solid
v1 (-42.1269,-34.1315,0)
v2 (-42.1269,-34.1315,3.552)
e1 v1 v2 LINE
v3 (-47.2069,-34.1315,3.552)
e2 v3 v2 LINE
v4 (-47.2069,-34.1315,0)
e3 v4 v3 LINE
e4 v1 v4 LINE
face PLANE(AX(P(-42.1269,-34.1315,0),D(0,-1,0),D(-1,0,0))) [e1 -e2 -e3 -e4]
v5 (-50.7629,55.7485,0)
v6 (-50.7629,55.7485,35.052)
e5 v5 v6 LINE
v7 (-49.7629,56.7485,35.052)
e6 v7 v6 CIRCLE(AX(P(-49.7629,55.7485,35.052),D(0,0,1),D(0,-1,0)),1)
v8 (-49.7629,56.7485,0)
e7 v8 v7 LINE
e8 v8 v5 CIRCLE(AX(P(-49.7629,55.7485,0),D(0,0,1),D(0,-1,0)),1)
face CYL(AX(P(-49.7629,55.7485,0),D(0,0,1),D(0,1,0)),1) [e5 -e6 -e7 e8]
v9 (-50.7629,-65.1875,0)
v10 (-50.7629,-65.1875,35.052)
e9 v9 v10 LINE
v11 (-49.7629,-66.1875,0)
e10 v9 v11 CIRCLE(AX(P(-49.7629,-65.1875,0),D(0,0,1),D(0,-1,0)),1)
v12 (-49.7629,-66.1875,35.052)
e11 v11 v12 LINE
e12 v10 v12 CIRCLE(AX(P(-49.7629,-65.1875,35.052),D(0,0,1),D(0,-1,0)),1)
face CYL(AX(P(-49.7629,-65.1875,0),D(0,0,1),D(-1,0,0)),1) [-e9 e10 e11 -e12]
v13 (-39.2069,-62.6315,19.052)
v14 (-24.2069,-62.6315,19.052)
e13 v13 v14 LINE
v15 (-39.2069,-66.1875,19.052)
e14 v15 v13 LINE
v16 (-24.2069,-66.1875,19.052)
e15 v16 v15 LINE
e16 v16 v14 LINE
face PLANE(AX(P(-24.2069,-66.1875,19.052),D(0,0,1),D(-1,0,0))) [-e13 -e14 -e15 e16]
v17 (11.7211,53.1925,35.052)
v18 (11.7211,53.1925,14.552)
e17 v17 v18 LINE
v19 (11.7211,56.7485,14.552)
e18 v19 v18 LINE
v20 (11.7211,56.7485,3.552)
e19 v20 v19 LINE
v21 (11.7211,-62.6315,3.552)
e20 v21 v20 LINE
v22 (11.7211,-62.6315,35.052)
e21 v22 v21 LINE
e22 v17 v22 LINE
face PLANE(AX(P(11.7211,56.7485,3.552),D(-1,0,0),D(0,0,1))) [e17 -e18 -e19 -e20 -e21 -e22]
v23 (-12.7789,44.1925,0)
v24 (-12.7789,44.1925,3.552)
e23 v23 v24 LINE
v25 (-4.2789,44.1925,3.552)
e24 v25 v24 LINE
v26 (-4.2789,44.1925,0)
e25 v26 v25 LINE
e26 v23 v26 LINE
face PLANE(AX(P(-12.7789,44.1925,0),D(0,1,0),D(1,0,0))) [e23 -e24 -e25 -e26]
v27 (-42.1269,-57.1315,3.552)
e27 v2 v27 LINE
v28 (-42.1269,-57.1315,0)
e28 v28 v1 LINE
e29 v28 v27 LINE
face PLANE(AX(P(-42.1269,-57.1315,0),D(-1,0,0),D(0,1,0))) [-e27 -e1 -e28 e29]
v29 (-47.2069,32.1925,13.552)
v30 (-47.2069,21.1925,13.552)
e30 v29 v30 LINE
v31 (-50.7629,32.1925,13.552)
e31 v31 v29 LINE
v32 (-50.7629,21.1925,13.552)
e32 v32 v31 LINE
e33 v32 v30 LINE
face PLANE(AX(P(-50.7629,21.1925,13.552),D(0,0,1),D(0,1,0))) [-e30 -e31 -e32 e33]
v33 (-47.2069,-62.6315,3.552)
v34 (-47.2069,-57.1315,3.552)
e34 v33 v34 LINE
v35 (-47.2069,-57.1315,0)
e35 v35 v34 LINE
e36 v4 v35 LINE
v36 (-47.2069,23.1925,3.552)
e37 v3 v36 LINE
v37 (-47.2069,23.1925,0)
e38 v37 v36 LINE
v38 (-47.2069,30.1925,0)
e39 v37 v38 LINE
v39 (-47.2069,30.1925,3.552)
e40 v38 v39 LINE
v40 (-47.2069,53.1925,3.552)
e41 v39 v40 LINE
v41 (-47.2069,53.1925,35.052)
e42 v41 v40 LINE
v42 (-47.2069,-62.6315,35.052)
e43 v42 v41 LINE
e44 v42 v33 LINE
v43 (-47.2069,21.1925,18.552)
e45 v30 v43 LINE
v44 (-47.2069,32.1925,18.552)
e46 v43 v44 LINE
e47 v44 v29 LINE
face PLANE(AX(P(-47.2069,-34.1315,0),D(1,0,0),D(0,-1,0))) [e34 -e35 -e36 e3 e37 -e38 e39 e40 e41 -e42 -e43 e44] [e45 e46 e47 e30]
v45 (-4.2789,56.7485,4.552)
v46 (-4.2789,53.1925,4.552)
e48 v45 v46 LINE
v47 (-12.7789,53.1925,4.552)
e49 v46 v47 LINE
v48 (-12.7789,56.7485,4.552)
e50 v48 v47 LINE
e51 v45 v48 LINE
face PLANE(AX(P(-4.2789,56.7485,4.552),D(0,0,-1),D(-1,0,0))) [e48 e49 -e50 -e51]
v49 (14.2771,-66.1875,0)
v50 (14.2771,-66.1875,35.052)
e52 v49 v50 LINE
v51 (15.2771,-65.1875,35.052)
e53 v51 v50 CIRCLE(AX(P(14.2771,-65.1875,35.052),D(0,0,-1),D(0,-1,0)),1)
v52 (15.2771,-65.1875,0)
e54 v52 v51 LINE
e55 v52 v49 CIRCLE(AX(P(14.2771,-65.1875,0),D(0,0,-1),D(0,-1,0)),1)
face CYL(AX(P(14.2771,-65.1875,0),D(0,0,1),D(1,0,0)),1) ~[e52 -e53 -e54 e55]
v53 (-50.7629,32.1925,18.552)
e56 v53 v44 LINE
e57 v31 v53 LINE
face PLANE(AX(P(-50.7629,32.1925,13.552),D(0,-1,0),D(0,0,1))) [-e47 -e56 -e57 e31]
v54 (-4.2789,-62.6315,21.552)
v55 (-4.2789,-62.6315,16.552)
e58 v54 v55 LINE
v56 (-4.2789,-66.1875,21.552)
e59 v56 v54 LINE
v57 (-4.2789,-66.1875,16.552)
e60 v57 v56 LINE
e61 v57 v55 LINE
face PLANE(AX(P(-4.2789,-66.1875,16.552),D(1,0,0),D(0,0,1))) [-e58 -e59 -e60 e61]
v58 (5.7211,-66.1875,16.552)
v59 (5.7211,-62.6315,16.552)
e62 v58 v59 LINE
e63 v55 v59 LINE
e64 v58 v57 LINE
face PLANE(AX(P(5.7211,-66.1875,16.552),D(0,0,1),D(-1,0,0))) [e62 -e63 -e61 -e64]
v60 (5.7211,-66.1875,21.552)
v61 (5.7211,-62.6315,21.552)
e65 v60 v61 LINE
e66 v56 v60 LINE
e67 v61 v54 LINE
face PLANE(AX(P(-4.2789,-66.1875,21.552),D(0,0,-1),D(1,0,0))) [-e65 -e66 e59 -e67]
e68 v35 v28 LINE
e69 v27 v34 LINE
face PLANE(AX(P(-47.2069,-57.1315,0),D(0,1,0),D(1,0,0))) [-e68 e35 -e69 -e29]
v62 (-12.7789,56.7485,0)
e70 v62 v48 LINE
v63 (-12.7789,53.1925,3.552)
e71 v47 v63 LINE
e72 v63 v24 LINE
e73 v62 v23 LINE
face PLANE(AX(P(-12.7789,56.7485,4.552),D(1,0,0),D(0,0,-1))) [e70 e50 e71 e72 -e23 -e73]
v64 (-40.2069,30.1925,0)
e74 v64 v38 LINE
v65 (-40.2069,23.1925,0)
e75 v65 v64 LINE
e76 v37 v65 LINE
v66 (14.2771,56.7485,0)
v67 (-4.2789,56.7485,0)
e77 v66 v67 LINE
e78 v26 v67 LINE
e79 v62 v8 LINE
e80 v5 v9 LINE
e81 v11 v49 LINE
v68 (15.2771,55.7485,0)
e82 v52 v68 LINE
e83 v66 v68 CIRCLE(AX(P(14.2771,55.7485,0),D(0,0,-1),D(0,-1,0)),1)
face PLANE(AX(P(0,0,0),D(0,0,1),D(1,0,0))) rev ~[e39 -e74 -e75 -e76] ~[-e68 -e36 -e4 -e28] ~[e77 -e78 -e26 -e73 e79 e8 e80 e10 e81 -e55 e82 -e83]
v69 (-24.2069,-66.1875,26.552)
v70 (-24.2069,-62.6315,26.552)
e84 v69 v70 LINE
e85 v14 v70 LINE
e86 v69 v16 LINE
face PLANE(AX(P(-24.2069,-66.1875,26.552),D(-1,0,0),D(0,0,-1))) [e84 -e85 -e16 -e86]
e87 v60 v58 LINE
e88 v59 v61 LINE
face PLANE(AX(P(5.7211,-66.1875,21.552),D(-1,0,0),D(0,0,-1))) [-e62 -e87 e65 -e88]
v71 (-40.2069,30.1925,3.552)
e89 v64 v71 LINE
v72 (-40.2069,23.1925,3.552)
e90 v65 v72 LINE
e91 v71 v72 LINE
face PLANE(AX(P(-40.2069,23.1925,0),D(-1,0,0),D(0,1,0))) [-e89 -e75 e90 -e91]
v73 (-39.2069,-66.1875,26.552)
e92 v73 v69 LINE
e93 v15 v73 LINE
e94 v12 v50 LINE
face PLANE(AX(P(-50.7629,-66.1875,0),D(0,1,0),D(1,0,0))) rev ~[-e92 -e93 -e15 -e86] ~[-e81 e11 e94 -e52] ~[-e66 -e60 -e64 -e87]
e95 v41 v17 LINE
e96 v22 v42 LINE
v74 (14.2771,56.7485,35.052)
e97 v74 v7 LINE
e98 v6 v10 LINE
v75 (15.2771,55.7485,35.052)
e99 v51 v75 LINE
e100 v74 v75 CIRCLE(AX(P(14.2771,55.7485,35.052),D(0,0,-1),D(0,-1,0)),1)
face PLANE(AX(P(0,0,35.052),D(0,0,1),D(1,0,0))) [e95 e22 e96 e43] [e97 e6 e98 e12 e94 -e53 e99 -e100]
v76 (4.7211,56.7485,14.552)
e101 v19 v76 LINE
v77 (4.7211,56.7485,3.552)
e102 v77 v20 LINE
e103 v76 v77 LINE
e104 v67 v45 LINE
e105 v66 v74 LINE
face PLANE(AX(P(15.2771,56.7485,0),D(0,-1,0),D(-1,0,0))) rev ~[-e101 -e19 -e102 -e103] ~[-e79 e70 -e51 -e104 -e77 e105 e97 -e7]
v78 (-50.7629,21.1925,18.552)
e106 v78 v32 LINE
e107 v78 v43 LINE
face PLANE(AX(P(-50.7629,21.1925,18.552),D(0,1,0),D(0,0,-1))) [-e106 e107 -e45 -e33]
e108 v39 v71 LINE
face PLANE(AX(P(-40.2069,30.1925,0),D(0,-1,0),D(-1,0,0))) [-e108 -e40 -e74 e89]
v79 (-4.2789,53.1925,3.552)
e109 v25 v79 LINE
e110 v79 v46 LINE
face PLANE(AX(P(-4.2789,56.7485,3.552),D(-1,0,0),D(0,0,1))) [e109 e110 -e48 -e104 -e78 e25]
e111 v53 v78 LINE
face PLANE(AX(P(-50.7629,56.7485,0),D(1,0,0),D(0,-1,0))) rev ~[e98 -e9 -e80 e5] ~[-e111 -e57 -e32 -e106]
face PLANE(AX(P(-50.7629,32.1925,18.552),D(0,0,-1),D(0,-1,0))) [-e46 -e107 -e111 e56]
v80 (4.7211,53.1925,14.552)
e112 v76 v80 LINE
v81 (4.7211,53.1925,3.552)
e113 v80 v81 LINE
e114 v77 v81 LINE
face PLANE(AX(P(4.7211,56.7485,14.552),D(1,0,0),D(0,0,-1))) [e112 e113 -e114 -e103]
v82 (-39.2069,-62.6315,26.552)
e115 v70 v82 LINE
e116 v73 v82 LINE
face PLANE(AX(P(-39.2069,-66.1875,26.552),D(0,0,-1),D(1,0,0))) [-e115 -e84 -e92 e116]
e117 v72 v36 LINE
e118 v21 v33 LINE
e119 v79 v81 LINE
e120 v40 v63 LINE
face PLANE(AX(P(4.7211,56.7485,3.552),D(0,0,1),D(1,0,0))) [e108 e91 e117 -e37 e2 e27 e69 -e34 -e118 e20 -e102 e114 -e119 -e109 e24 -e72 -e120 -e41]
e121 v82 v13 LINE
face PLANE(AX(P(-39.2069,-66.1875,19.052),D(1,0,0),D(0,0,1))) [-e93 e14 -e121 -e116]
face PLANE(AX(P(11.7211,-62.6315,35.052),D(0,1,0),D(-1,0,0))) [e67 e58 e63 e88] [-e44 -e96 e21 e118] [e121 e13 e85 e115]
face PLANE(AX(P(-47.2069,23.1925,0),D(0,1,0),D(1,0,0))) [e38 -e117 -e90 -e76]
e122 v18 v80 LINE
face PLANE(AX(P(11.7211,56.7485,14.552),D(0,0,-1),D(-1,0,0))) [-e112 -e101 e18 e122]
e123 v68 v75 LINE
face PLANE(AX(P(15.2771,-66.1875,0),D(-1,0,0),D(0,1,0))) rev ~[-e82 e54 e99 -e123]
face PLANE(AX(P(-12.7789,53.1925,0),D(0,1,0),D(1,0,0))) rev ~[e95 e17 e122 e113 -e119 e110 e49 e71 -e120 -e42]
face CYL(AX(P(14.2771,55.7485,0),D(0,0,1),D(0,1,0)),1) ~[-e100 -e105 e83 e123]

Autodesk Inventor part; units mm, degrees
ref_plane "YZ Plane" through (0, 0, 0) normal (1, 0, 0) x (0, 1, 0)
ref_plane "XZ Plane" through (0, 0, 0) normal (0, 1, 0) x (-1, 0, 0)
ref_plane "XY Plane" through (0, 0, 0) normal (0, 0, 1) x (1, 0, 0)
sketch "Sketch1" plane through (0, 0, 0) normal (0, 0, 1) x (1, 0, 0)
  line L0 (-50.7629, 56.7485) -> (-50.7629, -66.1875)
  line L1 (-50.7629, -66.1875) -> (15.2771, -66.1875)
  line L2 (15.2771, -66.1875) -> (15.2771, 56.7485)
  line L3 (15.2771, 56.7485) -> (-50.7629, 56.7485)
  point P0 (0, 0)
  dimension "d0" = 122.936
  dimension "d1" = 66.04
extrude "Extrusion1" add sketch "Sketch1" along normal blind 35.052
sketch "Sketch2" plane through (0, 0, 35.052) normal (0, 0, 1) x (1, 0, 0)
  line L0 (-47.2069, 53.1925) -> (11.7211, 53.1925)
  line L1 (11.7211, 53.1925) -> (11.7211, -62.6315)
  line L2 (11.7211, -62.6315) -> (-47.2069, -62.6315)
  line L3 (-47.2069, -62.6315) -> (-47.2069, 53.1925)
  line L4 (15.2771, 56.7485) -> (-50.7629, 56.7485) projected
  line L5 (15.2771, -66.1875) -> (15.2771, 56.7485) projected
  line L6 (-50.7629, -66.1875) -> (15.2771, -66.1875) projected
  line L7 (-50.7629, 56.7485) -> (-50.7629, -66.1875) projected
  point P0 (0, 0)
  dimension "d4" = 3.556
  dimension "d5" = 3.556
  dimension "d6" = 3.556
  dimension "d7" = 3.556
extrude "Extrusion2" cut sketch "Sketch2" against normal blind 31.5 contours L0 L1 L2 L3
sketch "Sketch3" plane through (-50.7629, -66.1875, 0) normal (0, -1, 0) x (1, 0, 0)
  line L0 (11.556, 26.552) -> (26.556, 26.552)
  line L1 (26.556, 26.552) -> (26.556, 19.052)
  line L2 (26.556, 19.052) -> (11.556, 19.052)
  line L3 (11.556, 19.052) -> (11.556, 26.552)
  line L4 (62.484, 3.552) -> (3.556, 3.552) projected
  line L5 (3.556, 35.052) -> (3.556, 3.552) projected
  line L6 (46.484, 21.552) -> (56.484, 21.552)
  line L7 (56.484, 21.552) -> (56.484, 16.552)
  line L8 (56.484, 16.552) -> (46.484, 16.552)
  line L9 (46.484, 16.552) -> (46.484, 21.552)
  line L10 (62.484, 35.052) -> (62.484, 3.552) projected
  point P0 (50.7629, 0)
  dimension "d10" = 23
  dimension "d11" = 8
  dimension "d12" = 7.5
  dimension "d13" = 15
  dimension "d14" = 18
  dimension "d15" = 5
  dimension "d16" = 10
  dimension "d17" = 16
extrude "Extrusion3" cut sketch "Sketch3" against normal blind 3.56
sketch "Sketch4" plane through (0, 0, 0) normal (0, 0, -1) x (-1, 0, 0)
  line L0 (42.1269, -34.1315) -> (47.2069, -34.1315)
  line L1 (47.2069, -34.1315) -> (47.2069, -57.1315)
  line L2 (47.2069, -57.1315) -> (42.1269, -57.1315)
  line L3 (42.1269, -57.1315) -> (42.1269, -34.1315)
  line L4 (47.2069, -62.6315) -> (47.2069, 53.1925) projected
  line L5 (-11.7211, -62.6315) -> (47.2069, -62.6315) projected
  line L6 (40.2069, 30.1925) -> (47.2069, 30.1925)
  line L7 (47.2069, 30.1925) -> (47.2069, 23.1925)
  line L8 (47.2069, 23.1925) -> (40.2069, 23.1925)
  line L9 (40.2069, 23.1925) -> (40.2069, 30.1925)
  line L10 (47.2069, 53.1925) -> (-11.7211, 53.1925) projected
  line L11 (4.2789, 53.1925) -> (12.7789, 53.1925)
  line L12 (12.7789, 53.1925) -> (12.7789, 44.1925)
  line L13 (12.7789, 44.1925) -> (4.2789, 44.1925)
  line L14 (4.2789, 44.1925) -> (4.2789, 53.1925)
  line L15 (-11.7211, 53.1925) -> (-11.7211, -62.6315) projected
  point P0 (0, 0)
  dimension "d20" = 0
  dimension "d21" = 5.5
  dimension "d22" = 23
  dimension "d23" = 5.08
  dimension "d24" = 30
  dimension "d25" = 7
  dimension "d26" = 7
  dimension "d27" = 0
  dimension "d28" = 9
  dimension "d29" = 8.5
  dimension "d30" = 0
  dimension "d31" = 16
extrude "Extrusion4" cut sketch "Sketch4" against normal blind 3.56 contours L0 L1 L2 L3 | L8 L9 L6 L4 | L12 L13 L14 L10
sketch "Sketch5" plane through (-50.7629, 56.7485, 0) normal (0, 1, 0) x (1, 0, 0)
  line L0 (62.484, -14.552) -> (55.484, -14.552)
  line L1 (55.484, -14.552) -> (55.484, -3.552)
  line L2 (55.484, -3.552) -> (62.484, -3.552)
  line L3 (62.484, -3.552) -> (62.484, -14.552)
  line L4 (62.484, -35.052) -> (62.484, -3.552) projected
  line L5 (46.484, -3.552) -> (62.484, -3.552) projected
  line L6 (46.484, -4.552) -> (37.984, -4.552)
  line L7 (37.984, -4.552) -> (37.984, 2.448)
  line L8 (37.984, 2.448) -> (46.484, 2.448)
  line L9 (46.484, 2.448) -> (46.484, -4.552)
  line L10 (46.484, -3.552) -> (37.984, -3.552) projected
  point P0 (50.7629, 0)
  dimension "d34" = 11
  dimension "d35" = 0
  dimension "d37" = 7
  dimension "d39" = 16
  dimension "d40" = 7
  dimension "d41" = 8.5
  dimension "d50" = 1
extrude "Extrusion5" cut sketch "Sketch5" against normal blind 3.56
sketch "Sketch6" plane through (-50.7629, -66.1875, 0) normal (-1, 0, 0) x (0, 0, 1)
  line L0 (13.552, 98.38) -> (18.552, 98.38)
  line L1 (18.552, 98.38) -> (18.552, 87.38)
  line L2 (18.552, 87.38) -> (13.552, 87.38)
  line L3 (13.552, 87.38) -> (13.552, 98.38)
  line L4 (3.552, 122.936) -> (3.552, 3.556) projected
  line L5 (35.052, 119.38) -> (3.552, 119.38) projected
  point P0 (0, 66.1875)
  dimension "d44" = 15
  dimension "d45" = 5
  dimension "d46" = 11
  dimension "d47" = 32
extrude "Extrusion6" cut sketch "Sketch6" against normal blind 3.56
fillet "Fillet1" radius 1 4 edges at (15.2771, 56.7485, 17.526) (-50.7629, 56.7485, 17.526) (-50.7629, -66.1875, 17.526) (15.2771, -66.1875, 17.526)
properties part number "Smart Lock Box Bottom Correct"
